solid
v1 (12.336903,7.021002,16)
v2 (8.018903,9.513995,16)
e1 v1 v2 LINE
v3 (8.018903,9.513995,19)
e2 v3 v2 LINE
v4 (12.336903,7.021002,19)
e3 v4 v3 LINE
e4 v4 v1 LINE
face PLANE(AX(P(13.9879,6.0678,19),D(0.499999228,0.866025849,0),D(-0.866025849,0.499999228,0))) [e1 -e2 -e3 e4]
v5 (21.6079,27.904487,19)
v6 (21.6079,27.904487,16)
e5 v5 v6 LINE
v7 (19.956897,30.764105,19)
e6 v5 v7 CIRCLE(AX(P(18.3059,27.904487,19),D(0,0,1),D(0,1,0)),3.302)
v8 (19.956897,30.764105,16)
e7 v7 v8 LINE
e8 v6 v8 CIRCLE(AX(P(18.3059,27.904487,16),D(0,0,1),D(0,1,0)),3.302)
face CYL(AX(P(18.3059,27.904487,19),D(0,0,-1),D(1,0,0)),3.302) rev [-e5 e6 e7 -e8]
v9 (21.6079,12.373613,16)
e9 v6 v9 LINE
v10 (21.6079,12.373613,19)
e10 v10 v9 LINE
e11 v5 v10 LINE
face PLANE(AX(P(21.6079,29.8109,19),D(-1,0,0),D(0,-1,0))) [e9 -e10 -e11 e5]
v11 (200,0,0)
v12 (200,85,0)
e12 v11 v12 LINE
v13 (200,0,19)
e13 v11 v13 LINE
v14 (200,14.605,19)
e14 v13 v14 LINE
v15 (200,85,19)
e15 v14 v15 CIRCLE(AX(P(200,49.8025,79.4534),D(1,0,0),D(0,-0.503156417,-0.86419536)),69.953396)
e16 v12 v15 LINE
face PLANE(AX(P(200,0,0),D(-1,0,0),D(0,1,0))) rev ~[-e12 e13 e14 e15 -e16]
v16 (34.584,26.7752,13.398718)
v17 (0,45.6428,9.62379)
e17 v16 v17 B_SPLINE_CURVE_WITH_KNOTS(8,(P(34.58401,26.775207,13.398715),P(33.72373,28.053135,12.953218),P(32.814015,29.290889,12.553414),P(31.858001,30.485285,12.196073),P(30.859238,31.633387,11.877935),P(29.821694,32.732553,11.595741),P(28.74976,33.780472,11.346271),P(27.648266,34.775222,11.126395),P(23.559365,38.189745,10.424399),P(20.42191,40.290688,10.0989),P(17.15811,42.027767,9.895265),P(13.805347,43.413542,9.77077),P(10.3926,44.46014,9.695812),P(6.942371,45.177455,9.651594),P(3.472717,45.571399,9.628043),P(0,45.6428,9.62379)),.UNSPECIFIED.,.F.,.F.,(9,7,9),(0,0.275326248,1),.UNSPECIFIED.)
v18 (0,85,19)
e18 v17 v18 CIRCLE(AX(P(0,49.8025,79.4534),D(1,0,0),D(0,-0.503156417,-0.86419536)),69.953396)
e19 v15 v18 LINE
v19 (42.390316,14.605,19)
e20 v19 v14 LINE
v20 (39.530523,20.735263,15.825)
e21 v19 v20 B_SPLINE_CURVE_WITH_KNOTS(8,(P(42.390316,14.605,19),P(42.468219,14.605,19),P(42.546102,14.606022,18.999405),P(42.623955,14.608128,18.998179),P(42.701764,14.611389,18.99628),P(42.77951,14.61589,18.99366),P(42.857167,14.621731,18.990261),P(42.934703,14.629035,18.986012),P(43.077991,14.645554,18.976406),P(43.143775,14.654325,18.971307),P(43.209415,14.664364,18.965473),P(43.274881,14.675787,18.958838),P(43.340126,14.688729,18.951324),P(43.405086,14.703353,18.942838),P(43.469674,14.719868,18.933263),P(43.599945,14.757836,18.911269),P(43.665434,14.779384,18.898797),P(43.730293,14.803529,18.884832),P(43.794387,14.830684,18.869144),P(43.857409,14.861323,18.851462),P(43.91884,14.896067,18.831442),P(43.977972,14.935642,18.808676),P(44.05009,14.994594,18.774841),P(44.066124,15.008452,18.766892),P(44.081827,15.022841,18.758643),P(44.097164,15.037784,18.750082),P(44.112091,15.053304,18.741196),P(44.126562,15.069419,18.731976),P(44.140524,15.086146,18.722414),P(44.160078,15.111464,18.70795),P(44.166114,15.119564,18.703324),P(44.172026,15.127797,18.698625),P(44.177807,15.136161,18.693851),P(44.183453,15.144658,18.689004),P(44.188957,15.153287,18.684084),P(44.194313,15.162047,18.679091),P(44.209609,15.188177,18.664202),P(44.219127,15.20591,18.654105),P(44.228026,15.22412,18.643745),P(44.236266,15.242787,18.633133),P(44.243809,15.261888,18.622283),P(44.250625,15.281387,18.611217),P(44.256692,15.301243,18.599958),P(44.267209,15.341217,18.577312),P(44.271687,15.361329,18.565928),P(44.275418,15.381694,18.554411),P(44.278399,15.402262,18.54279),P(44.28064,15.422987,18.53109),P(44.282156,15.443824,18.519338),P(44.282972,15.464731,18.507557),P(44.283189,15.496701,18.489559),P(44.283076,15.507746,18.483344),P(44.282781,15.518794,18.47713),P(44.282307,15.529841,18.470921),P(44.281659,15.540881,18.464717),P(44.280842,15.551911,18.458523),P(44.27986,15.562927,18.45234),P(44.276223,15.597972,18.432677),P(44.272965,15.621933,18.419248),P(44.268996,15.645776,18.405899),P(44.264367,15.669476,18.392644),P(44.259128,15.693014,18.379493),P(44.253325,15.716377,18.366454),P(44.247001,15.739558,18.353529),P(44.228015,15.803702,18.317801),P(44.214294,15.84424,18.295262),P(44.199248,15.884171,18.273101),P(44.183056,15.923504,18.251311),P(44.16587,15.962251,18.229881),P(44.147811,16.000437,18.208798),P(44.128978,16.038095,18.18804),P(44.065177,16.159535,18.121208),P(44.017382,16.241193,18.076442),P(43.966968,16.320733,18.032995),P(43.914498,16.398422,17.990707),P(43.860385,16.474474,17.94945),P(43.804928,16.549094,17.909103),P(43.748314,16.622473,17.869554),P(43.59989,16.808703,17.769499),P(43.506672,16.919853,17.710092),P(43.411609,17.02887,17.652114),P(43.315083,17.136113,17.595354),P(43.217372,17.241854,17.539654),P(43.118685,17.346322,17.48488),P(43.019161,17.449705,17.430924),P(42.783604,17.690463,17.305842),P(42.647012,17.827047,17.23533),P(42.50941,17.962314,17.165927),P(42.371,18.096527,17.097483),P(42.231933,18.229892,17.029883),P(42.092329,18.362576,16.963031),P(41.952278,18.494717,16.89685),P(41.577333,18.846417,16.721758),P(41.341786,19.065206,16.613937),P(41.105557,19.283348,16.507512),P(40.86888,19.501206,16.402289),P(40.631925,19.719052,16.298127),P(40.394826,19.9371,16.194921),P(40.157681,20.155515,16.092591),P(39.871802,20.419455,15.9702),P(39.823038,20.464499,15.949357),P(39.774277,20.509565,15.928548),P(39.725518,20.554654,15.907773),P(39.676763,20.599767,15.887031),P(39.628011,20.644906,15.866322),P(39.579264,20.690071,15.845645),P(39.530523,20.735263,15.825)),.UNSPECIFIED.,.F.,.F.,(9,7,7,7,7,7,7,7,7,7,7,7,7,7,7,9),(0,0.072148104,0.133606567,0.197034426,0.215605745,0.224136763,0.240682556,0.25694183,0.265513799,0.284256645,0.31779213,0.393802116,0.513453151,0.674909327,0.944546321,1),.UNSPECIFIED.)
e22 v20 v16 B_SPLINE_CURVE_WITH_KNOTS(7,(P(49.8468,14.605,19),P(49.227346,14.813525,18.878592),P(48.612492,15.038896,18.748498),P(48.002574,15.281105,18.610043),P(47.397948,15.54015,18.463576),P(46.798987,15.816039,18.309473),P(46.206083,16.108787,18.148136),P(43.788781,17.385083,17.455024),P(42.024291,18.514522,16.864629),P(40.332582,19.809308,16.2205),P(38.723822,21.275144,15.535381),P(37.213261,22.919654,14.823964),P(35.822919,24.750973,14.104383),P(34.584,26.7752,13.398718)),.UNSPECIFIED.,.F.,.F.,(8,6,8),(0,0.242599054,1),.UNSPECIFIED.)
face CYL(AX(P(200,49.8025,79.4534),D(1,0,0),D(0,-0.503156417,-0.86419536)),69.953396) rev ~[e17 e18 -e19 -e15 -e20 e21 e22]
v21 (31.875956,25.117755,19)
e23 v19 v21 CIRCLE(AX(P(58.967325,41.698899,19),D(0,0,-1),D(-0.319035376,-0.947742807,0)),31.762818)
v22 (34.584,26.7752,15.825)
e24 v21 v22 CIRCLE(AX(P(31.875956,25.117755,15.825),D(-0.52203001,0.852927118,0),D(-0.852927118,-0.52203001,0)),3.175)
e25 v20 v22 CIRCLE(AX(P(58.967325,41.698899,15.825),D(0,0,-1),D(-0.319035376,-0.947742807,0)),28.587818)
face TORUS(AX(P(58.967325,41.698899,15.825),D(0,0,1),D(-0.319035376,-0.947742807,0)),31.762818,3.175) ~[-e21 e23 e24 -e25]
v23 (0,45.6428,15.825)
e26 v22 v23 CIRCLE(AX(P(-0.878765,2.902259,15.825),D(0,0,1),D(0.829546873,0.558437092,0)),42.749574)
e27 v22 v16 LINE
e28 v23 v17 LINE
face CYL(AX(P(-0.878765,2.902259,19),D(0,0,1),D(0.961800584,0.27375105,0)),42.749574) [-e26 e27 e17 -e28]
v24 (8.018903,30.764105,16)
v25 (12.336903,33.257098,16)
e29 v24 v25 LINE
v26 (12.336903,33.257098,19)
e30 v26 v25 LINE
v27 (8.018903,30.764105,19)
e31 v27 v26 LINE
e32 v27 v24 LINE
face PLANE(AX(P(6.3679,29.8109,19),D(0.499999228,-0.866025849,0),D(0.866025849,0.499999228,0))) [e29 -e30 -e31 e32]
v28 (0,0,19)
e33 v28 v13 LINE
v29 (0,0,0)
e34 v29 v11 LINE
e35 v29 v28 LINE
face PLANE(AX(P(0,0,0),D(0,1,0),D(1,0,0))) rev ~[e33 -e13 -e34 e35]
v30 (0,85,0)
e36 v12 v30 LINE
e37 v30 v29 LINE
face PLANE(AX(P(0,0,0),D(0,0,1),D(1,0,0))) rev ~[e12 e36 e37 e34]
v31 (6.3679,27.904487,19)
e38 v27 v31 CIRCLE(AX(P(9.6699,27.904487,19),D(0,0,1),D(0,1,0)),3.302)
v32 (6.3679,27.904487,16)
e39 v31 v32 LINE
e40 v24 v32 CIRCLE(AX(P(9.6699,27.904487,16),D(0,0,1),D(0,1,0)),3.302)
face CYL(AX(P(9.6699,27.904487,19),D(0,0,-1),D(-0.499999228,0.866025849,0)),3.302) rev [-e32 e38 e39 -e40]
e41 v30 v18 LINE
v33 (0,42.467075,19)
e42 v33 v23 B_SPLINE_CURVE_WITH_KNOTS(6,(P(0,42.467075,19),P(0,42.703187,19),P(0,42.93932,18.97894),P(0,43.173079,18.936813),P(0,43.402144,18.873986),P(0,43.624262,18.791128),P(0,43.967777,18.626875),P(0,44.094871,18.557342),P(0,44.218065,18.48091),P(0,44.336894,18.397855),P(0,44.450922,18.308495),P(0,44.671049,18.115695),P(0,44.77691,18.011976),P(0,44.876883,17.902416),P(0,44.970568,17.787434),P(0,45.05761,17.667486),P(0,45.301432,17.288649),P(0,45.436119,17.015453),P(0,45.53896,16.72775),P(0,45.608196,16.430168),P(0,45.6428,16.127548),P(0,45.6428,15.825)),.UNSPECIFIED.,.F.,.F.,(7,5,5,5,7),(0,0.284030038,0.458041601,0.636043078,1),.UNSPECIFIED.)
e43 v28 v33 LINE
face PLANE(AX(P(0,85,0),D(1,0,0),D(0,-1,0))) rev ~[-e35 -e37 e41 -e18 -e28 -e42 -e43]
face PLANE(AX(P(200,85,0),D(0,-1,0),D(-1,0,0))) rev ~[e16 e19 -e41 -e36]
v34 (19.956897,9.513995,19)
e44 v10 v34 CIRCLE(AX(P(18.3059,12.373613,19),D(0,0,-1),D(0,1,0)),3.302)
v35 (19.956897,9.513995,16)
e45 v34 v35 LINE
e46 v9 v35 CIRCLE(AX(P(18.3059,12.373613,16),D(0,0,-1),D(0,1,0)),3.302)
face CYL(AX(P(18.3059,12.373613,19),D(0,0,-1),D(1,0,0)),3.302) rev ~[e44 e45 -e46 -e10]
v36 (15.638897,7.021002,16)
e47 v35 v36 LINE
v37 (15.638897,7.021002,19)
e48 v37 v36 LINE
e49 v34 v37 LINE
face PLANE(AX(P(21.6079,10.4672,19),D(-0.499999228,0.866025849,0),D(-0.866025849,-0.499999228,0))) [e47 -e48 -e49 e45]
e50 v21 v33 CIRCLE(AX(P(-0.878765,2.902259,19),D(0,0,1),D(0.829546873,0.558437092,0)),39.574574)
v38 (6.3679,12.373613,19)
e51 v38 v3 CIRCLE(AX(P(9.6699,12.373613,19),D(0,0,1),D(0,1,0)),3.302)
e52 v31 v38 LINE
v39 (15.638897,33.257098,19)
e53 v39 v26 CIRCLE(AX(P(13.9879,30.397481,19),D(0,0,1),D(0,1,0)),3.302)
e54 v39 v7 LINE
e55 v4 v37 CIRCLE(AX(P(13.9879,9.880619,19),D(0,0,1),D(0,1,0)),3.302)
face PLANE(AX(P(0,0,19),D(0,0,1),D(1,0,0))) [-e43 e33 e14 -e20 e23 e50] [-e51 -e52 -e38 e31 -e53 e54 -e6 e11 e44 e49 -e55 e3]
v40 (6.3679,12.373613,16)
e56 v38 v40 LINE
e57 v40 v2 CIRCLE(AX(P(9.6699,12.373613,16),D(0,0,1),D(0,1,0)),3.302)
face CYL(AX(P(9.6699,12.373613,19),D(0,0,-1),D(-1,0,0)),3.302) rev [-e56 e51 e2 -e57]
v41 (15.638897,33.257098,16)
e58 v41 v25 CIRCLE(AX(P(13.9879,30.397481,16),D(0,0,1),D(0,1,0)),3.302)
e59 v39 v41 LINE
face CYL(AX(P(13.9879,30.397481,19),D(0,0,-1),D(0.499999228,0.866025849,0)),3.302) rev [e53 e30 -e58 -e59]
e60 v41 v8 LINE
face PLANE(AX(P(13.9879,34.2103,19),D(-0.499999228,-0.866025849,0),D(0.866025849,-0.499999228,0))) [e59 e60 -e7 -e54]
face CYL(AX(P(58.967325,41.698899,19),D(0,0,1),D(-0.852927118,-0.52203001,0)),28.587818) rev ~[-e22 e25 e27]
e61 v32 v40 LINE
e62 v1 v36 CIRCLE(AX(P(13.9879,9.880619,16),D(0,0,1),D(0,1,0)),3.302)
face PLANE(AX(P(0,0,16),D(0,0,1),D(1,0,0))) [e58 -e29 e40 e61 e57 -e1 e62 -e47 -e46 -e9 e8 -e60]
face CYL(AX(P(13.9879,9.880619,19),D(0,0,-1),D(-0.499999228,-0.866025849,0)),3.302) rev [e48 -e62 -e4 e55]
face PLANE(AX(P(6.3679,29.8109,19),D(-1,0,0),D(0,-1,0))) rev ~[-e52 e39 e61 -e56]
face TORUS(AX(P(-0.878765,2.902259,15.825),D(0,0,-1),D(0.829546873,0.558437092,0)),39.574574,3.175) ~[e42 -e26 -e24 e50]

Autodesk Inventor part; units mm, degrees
ref_plane "YZ Plane" through (0, 0, 0) normal (1, 0, 0) x (0, 1, 0)
ref_plane "XZ Plane" through (0, 0, 0) normal (0, 1, 0) x (-1, 0, 0)
ref_plane "XY Plane" through (0, 0, 0) normal (0, 0, 1) x (1, 0, 0)
sketch "Sketch1" plane through (0, 0, 0) normal (0, 0, 1) x (1, 0, 0)
  line L0 (0, 0) -> (200, 0)
  line L1 (200, 0) -> (200, 85)
  line L2 (200, 85) -> (0, 85)
  line L3 (0, 85) -> (0, 0)
  dimension "d0" = 200
  dimension "d1" = 85
extrude "Extrusion1" add sketch "Sketch1" along normal blind 19
sketch "Sketch2" plane through (200, 0, 0) normal (1, 0, 0) x (0, 0, -1)
  line L0 (0, 0) -> (-19, 0) projected
  line L1 (0, 85) -> (-19, 85) projected
  line L2 (-19, 0) -> (-19, 14.605)
  line L3 (-19, 0) -> (-19, 85) projected
  arc A0 (-19, 14.605) -> (-19, 85) centre (-79.4534, 49.8025) ccw
  dimension "d9" = 14.605
extrude "Extrusion2" cut sketch "Sketch2" against normal through all
sketch "Sketch9" plane through (0, 0, 19) normal (0, 0, 1) x (1, 0, 0)
  line L0 (200, 14.605) -> (0, 14.605) projected
  line L1 (0, 14.605) -> (0, 85) projected
  arc A0 (40.2378, 14.605) -> (0, 45.6428) centre (-0.879, 2.9021) ccw
  line L2 (0, 45.6428) -> (0, 14.605)
  line L3 (49.8468, 14.605) -> (0, 14.605)
  arc A1 (34.584, 26.7752) -> (49.8468, 14.605) centre (58.9671, 41.6987) ccw
  point P0 (0, 0)
  point P1 (38.109, 20.4373)
extrude "Extrusion6" add sketch "Sketch9" against normal blind 12.7 contours L0 A0 A1 | L0 L1 A0 A1
fillet "Fillet4" radius 3.175 2 edges at (19.5949, 40.4303, 19) (41.1444, 19.347, 19)
sketch "Sketch10" plane through (0, 0, 19) normal (0, 0, 1) x (1, 0, 0)
  line L0 (21.6079, 10.4672) -> (13.9879, 6.0678)
  line L1 (13.9879, 6.0678) -> (6.3679, 10.4672)
  line L2 (6.3679, 29.8109) -> (13.9879, 34.2103)
  line L3 (13.9879, 34.2103) -> (21.6079, 29.8109)
  line L4 (6.3679, 29.8109) -> (6.3679, 10.4672)
  line L5 (21.6079, 29.8109) -> (21.6079, 10.4672)
  point P0 (0, 0)
  point P1 (13.9879, 20.1391)
  dimension "d24" = 28.1426
  dimension "d29" = 15.24
  dimension "d30" = 4.3994
extrude "Extrusion7" cut sketch "Sketch10" against normal blind 3
fillet "Fillet5" radius 3.302 6 edges at (13.9879, 34.2103, 17.5) (21.6079, 29.8109, 17.5) (6.3679, 29.8109, 17.5) (6.3679, 10.4672, 17.5) (13.9879, 6.0678, 17.5) (21.6079, 10.4672, 17.5)
sketch "Sketch11" plane through (0, 0, 16) normal (0, 0, 1) x (1, 0, 0)
  arc A0 (19.9569, 9.514) -> (21.6079, 12.3736) centre (18.3059, 12.3736) ccw projected
  line L0 (21.6079, 27.9045) -> (21.6079, 12.3736) projected
  arc A1 (21.6079, 27.9045) -> (19.9569, 30.7641) centre (18.3059, 27.9045) ccw projected
  line L1 (15.6389, 33.2571) -> (19.9569, 30.7641) projected
  arc A2 (15.6389, 33.2571) -> (12.3369, 33.2571) centre (13.9879, 30.3975) ccw projected
  line L2 (8.0189, 30.7641) -> (12.3369, 33.2571) projected
  arc A3 (8.0189, 30.7641) -> (6.3679, 27.9045) centre (9.6699, 27.9045) ccw projected
  line L3 (6.3679, 12.3736) -> (6.3679, 27.9045) projected
  arc A4 (6.3679, 12.3736) -> (8.0189, 9.514) centre (9.6699, 12.3736) ccw projected
  line L4 (12.3369, 7.021) -> (8.0189, 9.514) projected
  arc A5 (12.3369, 7.021) -> (15.6389, 7.021) centre (13.9879, 9.8806) ccw projected
  line L5 (19.9569, 9.514) -> (15.6389, 7.021) projected
  point P0 (0, 0)
properties part number "prototype #1"
